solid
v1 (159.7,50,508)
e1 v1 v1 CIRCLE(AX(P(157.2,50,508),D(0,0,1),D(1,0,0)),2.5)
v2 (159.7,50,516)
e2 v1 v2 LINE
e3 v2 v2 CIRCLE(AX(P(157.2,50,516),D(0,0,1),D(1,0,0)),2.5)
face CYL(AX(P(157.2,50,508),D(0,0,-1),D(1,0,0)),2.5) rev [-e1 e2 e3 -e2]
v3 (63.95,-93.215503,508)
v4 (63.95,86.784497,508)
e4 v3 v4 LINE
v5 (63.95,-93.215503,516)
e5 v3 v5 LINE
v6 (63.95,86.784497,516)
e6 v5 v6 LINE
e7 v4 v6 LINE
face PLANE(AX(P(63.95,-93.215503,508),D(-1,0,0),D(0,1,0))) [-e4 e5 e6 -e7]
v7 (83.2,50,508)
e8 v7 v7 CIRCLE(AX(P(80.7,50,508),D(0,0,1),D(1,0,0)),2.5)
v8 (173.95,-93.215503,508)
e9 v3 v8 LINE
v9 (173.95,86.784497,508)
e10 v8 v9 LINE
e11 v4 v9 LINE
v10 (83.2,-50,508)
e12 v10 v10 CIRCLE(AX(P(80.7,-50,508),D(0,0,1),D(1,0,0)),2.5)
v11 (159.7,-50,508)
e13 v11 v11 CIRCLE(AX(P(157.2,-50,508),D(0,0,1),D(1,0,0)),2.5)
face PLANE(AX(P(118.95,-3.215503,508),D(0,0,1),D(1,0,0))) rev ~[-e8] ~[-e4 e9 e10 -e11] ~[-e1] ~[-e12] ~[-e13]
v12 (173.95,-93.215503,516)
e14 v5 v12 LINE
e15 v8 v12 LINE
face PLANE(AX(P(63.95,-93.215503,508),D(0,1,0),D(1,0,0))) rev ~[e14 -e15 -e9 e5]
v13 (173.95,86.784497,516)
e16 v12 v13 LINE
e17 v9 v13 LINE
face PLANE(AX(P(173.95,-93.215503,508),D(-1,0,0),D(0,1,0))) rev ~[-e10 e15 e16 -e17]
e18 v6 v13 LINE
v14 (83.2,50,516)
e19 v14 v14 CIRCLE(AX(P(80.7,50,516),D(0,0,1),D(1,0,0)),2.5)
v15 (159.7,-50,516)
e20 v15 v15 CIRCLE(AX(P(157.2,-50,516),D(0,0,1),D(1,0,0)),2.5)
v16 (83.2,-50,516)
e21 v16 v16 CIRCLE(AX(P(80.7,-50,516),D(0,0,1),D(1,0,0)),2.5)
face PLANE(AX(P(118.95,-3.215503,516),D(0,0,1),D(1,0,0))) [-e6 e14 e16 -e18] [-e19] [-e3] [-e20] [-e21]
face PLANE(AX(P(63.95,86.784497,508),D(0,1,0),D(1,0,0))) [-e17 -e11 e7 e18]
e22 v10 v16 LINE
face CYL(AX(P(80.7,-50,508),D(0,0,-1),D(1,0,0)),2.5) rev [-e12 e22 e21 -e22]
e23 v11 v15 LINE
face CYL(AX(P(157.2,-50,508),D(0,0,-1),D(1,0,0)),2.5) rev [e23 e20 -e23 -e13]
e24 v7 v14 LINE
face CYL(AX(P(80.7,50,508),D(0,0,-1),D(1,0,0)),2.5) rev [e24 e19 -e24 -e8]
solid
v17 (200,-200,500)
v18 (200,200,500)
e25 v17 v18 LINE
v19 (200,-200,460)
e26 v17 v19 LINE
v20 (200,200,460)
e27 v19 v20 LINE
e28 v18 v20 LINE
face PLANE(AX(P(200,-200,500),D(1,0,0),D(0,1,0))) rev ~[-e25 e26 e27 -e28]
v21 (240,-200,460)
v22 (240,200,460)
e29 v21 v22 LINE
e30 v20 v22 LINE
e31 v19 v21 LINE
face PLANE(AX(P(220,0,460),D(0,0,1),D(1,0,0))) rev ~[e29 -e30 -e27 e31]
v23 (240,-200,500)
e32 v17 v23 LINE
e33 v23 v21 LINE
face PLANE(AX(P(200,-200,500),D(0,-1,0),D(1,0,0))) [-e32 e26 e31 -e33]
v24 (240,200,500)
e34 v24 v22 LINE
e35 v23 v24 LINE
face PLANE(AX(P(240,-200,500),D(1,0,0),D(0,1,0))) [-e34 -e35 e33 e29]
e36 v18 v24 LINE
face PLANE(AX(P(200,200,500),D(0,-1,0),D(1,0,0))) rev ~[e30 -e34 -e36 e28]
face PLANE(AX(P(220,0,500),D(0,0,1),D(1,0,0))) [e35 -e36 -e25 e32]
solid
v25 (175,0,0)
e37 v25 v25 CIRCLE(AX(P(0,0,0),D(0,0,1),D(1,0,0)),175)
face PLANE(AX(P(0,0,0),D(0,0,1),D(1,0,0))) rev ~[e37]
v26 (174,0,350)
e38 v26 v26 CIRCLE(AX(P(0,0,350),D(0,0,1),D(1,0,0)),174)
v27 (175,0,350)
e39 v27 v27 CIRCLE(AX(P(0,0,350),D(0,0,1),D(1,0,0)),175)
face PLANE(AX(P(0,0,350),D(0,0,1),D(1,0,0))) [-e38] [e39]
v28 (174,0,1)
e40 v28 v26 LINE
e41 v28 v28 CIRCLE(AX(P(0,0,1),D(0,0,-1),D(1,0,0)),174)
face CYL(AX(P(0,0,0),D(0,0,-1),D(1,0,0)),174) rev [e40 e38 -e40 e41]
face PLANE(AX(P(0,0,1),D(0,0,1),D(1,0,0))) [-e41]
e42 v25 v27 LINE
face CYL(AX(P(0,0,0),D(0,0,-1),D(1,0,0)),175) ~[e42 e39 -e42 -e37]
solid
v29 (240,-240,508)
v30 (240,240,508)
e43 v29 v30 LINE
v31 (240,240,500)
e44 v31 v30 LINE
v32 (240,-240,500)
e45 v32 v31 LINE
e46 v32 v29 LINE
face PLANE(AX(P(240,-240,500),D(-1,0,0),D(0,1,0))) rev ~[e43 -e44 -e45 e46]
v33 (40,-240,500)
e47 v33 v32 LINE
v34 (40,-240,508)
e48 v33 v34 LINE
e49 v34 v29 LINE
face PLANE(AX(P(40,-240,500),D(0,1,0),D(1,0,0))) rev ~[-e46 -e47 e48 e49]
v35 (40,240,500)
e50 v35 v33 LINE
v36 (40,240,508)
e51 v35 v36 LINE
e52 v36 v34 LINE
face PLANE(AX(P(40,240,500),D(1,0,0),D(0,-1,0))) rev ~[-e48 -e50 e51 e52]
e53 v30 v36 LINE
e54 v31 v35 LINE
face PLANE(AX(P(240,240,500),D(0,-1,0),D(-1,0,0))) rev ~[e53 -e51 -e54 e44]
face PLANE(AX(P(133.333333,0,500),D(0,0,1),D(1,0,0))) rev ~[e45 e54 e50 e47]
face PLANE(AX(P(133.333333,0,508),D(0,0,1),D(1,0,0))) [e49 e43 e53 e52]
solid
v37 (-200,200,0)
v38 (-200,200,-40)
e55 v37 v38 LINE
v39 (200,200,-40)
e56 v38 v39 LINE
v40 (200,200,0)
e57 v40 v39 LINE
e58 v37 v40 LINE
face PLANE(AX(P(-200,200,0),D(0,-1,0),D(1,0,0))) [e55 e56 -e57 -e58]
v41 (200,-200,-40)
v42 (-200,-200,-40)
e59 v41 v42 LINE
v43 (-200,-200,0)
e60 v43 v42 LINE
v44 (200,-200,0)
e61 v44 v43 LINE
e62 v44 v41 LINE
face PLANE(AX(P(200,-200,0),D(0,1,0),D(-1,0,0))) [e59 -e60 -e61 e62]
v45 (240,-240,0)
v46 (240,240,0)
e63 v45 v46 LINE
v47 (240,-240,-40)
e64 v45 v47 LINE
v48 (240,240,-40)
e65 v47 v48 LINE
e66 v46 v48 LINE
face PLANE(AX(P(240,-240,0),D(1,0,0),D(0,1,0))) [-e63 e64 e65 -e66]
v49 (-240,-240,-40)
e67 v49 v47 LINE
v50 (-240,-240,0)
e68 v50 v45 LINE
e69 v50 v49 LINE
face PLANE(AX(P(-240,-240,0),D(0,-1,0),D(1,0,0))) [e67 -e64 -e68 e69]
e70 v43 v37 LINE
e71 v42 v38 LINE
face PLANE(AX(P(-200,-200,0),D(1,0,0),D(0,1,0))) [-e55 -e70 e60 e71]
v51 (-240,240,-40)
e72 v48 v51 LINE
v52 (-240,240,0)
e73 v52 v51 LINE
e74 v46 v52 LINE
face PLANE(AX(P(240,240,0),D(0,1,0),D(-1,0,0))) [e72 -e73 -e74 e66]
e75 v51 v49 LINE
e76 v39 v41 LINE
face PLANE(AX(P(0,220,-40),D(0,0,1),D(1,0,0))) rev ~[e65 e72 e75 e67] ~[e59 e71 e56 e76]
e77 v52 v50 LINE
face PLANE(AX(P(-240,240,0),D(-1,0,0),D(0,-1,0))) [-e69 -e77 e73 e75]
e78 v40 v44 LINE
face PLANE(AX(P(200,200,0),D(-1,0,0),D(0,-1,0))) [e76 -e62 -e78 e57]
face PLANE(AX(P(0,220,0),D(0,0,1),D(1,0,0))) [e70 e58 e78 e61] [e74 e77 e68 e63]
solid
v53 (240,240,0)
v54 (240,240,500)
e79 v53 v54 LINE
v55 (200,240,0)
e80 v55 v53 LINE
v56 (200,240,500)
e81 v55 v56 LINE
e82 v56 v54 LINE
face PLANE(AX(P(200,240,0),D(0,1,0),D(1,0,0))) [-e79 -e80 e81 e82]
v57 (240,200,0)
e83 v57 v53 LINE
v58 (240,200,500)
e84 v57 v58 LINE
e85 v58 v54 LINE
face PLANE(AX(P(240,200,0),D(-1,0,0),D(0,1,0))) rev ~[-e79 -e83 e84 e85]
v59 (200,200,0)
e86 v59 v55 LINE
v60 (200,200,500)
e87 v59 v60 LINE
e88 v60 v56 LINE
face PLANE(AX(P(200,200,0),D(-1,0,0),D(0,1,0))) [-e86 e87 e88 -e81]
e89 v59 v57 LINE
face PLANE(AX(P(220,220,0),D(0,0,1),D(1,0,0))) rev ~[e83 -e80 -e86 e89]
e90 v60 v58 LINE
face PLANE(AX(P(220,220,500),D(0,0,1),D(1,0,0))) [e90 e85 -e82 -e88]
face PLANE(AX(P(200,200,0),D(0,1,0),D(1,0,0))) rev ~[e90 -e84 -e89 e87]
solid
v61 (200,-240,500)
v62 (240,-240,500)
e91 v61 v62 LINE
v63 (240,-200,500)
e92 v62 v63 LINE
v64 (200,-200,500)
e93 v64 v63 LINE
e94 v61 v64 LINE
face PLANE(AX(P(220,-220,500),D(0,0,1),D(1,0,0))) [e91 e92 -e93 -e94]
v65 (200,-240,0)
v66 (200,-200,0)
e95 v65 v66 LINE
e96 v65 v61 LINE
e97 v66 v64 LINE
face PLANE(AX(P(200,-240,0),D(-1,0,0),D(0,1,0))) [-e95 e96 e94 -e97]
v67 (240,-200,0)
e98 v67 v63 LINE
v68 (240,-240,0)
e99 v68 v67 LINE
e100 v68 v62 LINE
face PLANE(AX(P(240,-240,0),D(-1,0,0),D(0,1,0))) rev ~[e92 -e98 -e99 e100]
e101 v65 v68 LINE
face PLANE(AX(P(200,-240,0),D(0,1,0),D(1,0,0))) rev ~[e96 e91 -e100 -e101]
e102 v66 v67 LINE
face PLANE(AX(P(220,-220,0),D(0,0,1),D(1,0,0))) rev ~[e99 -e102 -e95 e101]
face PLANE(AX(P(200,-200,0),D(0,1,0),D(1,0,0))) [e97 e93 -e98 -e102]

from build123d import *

# Parameters (mm, degrees)
F0_W      = 400
F0_H      = 40
F0_W_2    = 40
F0_H_2    = 400
F1_DEPTH  = 40
F2_DEPTH  = 500
F4_W      = 40
F4_H      = 400
F5_DEPTH  = 40
F6_R      = 175
F7_DEPTH  = 350
F8_T      = -1
F9_DEPTH  = 8
F10_W     = 110
F10_H     = 180
F10_R     = 2.5
F11_DEPTH = 8


with BuildPart() as f1:
    # F0 (on Top) → F1 (new body)
    with BuildSketch(Plane.XY):
        with Locations((0, 220)):
            Rectangle(F0_W, F0_H)
        with Locations((220, 220)):
            Rectangle(F0_W_2, F0_H)
        with Locations((220, 0)):
            Rectangle(F0_W_2, F0_H_2)
        with Locations((220, -220)):
            Rectangle(F0_W_2, F0_H)
        with Locations((-220, 0)):
            Rectangle(F0_W_2, F0_H_2)
        with Locations((-220, 220)):
            Rectangle(F0_W_2, F0_H)
        Polygon((200, -240), (200, -200), (-200, -200), (-240, -200), (-240, -240), (-200, -240), align=None)
    extrude(amount=-F1_DEPTH)


with BuildPart() as f2:
    # F0 (on Top) → F2 (new body)
    with BuildSketch(Plane.XY):
        with Locations((220, 220)):
            Rectangle(F0_W_2, F0_H)
    extrude(amount=F2_DEPTH)


with BuildPart() as f2b:
    # F0 (on Top) → F2, piece 2 (new body)
    with BuildSketch(Plane.XY):
        with Locations((220, -220)):
            Rectangle(F0_W_2, F0_H)
    extrude(amount=F2_DEPTH)


with BuildPart() as f5:
    # F4 (on plane+point) → F5 (new body)
    with BuildSketch(Plane.XY.offset(500)):
        with Locations((220, 0)):
            Rectangle(F4_W, F4_H)
    extrude(amount=-F5_DEPTH)


with BuildPart() as f7:
    # F6 (on Top) → F7 (new body)
    with BuildSketch(Plane.XY):
        Circle(F6_R)
    extrude(amount=F7_DEPTH)

    # F8
    f8_openings = [f7.faces().sort_by_distance(p)[0] for p in [
        (0, 0, 350),
    ]]
    offset(amount=F8_T, openings=f8_openings)


with BuildPart() as f9:
    # F4 (on plane+point) → F9 (new body)
    with BuildSketch(Plane.XY.offset(500)):
        Polygon((200, 200), (240, 200), (240, 240), (40, 240), (40, -240), (240, -240), (240, -200), (200, -200), align=None)
        with Locations((220, 0)):
            Rectangle(F4_W, F4_H)
    extrude(amount=F9_DEPTH)


with BuildPart() as f11:
    # F10 (on face) → F11 (new body)
    with BuildSketch(Plane.XY.offset(508)):
        with Locations((118.95, -3.2155030966)):
            Rectangle(F10_W, F10_H)
        with Locations((80.7, -50)):
            Circle(F10_R, mode=Mode.SUBTRACT)
        with Locations((157.2, -50)):
            Circle(F10_R, mode=Mode.SUBTRACT)
        with Locations((80.7, 50)):
            Circle(F10_R, mode=Mode.SUBTRACT)
        with Locations((157.2, 50)):
            Circle(F10_R, mode=Mode.SUBTRACT)
    extrude(amount=F11_DEPTH)


solid = Compound([f1.part, f2.part, f2b.part, f5.part, f7.part, f9.part, f11.part])
